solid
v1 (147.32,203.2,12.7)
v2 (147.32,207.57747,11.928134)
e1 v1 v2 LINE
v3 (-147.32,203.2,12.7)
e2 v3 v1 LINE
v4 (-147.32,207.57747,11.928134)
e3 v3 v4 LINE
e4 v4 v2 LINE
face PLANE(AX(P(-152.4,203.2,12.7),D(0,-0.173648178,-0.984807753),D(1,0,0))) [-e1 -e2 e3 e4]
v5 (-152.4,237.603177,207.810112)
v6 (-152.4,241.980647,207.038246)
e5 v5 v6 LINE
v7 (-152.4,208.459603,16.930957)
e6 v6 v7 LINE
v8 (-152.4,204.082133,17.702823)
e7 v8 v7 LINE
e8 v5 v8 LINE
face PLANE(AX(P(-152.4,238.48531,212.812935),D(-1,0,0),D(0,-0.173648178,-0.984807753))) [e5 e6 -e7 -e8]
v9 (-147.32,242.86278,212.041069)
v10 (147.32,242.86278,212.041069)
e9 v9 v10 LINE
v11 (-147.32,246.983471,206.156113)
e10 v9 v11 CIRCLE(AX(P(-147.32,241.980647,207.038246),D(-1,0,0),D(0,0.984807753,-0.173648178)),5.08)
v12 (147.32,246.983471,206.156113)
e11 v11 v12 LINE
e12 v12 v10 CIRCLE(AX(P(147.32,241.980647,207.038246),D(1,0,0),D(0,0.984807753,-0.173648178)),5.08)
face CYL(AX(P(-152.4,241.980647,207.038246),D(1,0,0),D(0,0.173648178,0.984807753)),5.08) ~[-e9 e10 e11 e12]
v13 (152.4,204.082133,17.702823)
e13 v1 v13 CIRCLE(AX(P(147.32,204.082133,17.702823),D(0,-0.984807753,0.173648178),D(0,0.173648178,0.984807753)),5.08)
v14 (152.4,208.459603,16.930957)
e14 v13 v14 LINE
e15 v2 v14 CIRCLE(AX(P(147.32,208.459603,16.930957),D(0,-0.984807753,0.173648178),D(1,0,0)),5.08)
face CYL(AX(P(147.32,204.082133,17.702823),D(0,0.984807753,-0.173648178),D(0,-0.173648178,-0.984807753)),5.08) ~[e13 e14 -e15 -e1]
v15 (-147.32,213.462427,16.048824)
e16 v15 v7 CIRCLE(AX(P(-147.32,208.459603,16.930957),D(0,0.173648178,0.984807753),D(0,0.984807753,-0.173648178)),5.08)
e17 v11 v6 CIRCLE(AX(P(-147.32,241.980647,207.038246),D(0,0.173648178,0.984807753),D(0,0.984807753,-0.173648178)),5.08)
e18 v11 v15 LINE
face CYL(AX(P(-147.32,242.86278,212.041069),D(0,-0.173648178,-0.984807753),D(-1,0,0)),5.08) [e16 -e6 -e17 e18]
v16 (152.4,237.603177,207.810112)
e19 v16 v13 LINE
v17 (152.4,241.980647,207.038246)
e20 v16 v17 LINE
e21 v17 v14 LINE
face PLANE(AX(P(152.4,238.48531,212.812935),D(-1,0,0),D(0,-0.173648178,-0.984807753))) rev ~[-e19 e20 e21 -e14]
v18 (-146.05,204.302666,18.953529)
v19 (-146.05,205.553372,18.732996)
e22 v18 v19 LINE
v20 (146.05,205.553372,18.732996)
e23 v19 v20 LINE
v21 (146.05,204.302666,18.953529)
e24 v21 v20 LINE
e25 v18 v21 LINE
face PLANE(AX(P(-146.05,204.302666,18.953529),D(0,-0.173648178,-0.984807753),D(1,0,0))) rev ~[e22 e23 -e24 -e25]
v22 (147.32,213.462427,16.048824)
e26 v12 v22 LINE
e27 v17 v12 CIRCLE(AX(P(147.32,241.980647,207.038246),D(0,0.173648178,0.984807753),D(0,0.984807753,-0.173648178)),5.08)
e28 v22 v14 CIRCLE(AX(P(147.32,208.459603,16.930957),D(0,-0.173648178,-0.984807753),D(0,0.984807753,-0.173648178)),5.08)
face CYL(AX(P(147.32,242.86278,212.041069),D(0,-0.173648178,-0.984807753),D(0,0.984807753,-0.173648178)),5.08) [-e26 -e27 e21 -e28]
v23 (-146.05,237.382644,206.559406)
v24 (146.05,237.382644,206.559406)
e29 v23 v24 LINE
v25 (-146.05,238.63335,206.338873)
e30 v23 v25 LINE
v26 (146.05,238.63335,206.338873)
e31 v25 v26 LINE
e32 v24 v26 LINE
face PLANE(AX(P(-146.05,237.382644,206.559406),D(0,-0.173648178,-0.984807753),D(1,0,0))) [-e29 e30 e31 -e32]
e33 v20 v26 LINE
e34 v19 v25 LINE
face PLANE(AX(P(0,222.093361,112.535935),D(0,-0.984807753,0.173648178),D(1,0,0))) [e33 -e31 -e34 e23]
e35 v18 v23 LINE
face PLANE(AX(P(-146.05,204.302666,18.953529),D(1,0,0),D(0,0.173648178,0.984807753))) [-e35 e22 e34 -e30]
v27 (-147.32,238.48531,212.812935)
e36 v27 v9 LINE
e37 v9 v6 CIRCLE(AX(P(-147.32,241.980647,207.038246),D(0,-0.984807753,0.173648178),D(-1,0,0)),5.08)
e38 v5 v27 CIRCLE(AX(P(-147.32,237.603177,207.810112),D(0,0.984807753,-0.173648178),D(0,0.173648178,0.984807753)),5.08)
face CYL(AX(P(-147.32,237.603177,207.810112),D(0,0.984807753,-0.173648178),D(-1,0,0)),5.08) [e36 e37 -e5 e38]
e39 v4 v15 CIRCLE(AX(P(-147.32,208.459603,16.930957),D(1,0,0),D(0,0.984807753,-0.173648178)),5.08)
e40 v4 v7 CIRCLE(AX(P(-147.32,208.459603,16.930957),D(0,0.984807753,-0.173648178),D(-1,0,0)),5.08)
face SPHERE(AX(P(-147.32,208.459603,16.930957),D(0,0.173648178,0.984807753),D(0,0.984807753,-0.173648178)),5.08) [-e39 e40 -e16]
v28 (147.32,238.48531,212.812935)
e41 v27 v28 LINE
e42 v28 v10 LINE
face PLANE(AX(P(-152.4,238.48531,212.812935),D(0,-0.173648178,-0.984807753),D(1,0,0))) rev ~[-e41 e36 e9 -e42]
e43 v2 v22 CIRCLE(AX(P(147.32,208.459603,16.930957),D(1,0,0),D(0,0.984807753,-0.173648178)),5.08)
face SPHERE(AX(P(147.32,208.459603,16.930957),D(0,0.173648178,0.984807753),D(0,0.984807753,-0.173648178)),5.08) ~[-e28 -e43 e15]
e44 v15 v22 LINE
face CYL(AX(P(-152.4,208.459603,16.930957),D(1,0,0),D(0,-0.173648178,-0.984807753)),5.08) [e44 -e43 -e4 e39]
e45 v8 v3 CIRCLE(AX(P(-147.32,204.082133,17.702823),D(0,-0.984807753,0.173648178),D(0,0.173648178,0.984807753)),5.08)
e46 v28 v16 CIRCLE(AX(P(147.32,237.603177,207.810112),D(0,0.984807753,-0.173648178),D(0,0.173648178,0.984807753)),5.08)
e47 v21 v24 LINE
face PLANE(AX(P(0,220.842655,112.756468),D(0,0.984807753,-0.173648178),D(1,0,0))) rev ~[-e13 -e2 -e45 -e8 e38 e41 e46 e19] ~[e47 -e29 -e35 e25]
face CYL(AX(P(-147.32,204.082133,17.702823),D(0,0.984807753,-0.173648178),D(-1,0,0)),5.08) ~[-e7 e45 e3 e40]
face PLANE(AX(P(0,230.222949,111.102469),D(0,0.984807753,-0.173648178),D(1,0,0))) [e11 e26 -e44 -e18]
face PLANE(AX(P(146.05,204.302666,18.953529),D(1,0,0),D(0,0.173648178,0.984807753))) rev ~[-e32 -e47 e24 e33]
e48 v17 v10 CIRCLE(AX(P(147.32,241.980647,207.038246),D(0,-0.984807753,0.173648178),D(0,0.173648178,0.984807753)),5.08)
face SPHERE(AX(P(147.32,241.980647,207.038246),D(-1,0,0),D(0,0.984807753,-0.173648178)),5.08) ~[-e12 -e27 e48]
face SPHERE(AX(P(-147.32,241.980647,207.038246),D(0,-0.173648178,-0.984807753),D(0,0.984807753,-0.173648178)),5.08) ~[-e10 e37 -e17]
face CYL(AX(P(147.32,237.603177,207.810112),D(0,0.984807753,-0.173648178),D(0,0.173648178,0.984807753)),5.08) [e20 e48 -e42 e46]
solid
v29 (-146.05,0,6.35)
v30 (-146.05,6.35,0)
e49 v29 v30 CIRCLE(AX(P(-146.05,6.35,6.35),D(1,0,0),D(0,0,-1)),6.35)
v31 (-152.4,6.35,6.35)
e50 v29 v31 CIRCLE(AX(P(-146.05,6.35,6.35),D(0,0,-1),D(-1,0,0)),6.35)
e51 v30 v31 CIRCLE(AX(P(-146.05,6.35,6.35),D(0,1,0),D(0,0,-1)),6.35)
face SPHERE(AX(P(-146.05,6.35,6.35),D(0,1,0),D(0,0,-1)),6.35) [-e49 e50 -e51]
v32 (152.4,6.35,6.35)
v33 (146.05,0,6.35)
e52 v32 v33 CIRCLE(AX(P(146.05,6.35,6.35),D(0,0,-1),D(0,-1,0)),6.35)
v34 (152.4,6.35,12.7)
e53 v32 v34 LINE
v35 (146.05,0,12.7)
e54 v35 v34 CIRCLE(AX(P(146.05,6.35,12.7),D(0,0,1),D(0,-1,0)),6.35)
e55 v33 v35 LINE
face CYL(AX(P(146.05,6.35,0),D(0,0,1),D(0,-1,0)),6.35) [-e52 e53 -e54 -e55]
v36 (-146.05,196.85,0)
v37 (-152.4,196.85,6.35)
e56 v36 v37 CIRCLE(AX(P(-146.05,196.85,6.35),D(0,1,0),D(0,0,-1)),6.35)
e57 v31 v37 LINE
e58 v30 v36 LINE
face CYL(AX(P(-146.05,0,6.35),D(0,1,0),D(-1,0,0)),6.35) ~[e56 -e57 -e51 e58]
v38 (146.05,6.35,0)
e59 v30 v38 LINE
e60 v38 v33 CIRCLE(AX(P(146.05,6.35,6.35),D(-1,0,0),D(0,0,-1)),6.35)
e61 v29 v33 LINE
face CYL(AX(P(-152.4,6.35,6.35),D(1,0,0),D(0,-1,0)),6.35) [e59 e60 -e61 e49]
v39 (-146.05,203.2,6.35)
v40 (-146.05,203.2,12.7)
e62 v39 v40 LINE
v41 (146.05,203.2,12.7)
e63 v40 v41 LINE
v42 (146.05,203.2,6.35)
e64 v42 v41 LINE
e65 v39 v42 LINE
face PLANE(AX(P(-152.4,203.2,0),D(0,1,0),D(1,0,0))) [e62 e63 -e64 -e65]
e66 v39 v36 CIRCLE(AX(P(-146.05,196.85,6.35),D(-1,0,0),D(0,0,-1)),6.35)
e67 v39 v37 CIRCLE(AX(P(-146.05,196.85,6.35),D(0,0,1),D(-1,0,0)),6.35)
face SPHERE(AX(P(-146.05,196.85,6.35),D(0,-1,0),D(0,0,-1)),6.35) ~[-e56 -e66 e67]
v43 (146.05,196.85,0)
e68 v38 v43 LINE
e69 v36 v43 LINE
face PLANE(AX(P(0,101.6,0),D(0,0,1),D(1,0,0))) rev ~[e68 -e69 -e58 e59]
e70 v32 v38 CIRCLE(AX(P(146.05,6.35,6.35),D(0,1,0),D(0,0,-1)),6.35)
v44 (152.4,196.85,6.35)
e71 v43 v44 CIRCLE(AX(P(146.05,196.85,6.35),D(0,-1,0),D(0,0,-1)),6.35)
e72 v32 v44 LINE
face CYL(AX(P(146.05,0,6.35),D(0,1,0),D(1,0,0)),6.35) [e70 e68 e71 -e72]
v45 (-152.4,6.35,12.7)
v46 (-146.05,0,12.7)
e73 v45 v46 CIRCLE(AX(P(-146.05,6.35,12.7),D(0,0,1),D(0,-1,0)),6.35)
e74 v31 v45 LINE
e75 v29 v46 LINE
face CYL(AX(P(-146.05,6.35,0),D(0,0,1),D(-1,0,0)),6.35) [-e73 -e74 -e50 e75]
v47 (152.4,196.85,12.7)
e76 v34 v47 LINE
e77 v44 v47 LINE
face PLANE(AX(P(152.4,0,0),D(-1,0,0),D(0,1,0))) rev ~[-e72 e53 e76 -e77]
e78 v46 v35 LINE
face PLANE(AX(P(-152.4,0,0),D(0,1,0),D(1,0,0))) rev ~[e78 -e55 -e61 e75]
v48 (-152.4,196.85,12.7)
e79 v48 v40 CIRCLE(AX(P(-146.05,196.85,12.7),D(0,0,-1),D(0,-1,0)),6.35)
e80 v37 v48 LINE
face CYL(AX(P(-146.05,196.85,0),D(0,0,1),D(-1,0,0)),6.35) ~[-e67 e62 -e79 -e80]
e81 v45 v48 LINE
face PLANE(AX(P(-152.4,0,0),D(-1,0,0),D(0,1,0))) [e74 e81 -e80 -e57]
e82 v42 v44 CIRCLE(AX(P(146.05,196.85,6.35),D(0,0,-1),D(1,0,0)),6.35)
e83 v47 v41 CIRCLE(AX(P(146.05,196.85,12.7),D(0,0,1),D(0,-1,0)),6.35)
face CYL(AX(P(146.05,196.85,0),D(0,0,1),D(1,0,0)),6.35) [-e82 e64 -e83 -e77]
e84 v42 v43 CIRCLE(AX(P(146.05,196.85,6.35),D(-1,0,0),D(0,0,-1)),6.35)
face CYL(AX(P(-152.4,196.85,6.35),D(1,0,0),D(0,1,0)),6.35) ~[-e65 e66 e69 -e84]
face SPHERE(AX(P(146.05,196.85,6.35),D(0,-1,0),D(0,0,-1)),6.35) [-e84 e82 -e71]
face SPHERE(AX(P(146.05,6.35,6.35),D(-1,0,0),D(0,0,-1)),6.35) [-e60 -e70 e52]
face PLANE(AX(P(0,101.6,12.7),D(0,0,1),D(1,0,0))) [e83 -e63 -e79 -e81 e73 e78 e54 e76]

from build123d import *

# Parameters (mm, degrees)
F0_W     = 304.8
F0_H     = 203.2
F1_DEPTH = 12.7
F2_W     = 304.8
F2_H     = 203.2
F3_DEPTH = 9.525
F4_ANGLE = -100
F5_W     = 292.1
F5_H     = 190.5
F6_DEPTH = 1.27
F7_R     = 6.35
F8_R     = 5.08


with BuildPart() as f1:
    # F0 (on Top) → F1 (new body)
    with BuildSketch(Plane.XY):
        with Locations((0, 101.6)):
            Rectangle(F0_W, F0_H)
    extrude(amount=F1_DEPTH)

    # F7
    f7_edges = [f1.edges().sort_by_distance(p)[0] for p in [
        (-152.4, 101.6, 0),
        (0, 0, 0),
        (152.4, 101.6, 0),
        (0, 203.2, 0),
        (152.4, 0, 6.35),
        (152.4, 203.2, 6.35),
        (-152.4, 0, 6.35),
        (-152.4, 203.2, 6.35),
    ]]
    fillet(f7_edges, radius=F7_R)


with BuildPart() as f3:
    # F2 (on face) → F3 (new body)
    with BuildSketch(Plane.XY.offset(12.7)):
        with Locations((0, 101.6)):
            Rectangle(F2_W, F2_H)
    extrude(amount=F3_DEPTH)


with BuildPart() as f3_1:
    # F4: moved
    add(f3.part.rotate(Axis((0, 203.2, 12.7), (1, 0, 0)), F4_ANGLE))

    # F5 (on face) → F6 (cut)
    with BuildSketch(Plane(origin=(0, 194.9009423617, -34.3662947039), x_dir=(1, 0, 0), z_dir=(0, -0.984807753, 0.1736481777))):
        with Locations((0, 149.3923681652)):
            Rectangle(F5_W, F5_H)
    extrude(amount=-F6_DEPTH, mode=Mode.SUBTRACT)

    # F8
    f8_edges = [f3_1.edges().sort_by_distance(p)[0] for p in [
        (-152.4, 230.222949, 111.102469),
        (0, 247.865604, 211.158937),
        (152.4, 230.222949, 111.102469),
        (0, 212.580294, 11.046001),
        (152.4, 243.175457, 211.985936),
        (152.4, 207.890147, 11.873001),
        (-152.4, 243.175457, 211.985936),
        (-152.4, 207.890147, 11.873001),
    ]]
    fillet(f8_edges, radius=F8_R)


solid = Compound([f1.part, f3_1.part])
